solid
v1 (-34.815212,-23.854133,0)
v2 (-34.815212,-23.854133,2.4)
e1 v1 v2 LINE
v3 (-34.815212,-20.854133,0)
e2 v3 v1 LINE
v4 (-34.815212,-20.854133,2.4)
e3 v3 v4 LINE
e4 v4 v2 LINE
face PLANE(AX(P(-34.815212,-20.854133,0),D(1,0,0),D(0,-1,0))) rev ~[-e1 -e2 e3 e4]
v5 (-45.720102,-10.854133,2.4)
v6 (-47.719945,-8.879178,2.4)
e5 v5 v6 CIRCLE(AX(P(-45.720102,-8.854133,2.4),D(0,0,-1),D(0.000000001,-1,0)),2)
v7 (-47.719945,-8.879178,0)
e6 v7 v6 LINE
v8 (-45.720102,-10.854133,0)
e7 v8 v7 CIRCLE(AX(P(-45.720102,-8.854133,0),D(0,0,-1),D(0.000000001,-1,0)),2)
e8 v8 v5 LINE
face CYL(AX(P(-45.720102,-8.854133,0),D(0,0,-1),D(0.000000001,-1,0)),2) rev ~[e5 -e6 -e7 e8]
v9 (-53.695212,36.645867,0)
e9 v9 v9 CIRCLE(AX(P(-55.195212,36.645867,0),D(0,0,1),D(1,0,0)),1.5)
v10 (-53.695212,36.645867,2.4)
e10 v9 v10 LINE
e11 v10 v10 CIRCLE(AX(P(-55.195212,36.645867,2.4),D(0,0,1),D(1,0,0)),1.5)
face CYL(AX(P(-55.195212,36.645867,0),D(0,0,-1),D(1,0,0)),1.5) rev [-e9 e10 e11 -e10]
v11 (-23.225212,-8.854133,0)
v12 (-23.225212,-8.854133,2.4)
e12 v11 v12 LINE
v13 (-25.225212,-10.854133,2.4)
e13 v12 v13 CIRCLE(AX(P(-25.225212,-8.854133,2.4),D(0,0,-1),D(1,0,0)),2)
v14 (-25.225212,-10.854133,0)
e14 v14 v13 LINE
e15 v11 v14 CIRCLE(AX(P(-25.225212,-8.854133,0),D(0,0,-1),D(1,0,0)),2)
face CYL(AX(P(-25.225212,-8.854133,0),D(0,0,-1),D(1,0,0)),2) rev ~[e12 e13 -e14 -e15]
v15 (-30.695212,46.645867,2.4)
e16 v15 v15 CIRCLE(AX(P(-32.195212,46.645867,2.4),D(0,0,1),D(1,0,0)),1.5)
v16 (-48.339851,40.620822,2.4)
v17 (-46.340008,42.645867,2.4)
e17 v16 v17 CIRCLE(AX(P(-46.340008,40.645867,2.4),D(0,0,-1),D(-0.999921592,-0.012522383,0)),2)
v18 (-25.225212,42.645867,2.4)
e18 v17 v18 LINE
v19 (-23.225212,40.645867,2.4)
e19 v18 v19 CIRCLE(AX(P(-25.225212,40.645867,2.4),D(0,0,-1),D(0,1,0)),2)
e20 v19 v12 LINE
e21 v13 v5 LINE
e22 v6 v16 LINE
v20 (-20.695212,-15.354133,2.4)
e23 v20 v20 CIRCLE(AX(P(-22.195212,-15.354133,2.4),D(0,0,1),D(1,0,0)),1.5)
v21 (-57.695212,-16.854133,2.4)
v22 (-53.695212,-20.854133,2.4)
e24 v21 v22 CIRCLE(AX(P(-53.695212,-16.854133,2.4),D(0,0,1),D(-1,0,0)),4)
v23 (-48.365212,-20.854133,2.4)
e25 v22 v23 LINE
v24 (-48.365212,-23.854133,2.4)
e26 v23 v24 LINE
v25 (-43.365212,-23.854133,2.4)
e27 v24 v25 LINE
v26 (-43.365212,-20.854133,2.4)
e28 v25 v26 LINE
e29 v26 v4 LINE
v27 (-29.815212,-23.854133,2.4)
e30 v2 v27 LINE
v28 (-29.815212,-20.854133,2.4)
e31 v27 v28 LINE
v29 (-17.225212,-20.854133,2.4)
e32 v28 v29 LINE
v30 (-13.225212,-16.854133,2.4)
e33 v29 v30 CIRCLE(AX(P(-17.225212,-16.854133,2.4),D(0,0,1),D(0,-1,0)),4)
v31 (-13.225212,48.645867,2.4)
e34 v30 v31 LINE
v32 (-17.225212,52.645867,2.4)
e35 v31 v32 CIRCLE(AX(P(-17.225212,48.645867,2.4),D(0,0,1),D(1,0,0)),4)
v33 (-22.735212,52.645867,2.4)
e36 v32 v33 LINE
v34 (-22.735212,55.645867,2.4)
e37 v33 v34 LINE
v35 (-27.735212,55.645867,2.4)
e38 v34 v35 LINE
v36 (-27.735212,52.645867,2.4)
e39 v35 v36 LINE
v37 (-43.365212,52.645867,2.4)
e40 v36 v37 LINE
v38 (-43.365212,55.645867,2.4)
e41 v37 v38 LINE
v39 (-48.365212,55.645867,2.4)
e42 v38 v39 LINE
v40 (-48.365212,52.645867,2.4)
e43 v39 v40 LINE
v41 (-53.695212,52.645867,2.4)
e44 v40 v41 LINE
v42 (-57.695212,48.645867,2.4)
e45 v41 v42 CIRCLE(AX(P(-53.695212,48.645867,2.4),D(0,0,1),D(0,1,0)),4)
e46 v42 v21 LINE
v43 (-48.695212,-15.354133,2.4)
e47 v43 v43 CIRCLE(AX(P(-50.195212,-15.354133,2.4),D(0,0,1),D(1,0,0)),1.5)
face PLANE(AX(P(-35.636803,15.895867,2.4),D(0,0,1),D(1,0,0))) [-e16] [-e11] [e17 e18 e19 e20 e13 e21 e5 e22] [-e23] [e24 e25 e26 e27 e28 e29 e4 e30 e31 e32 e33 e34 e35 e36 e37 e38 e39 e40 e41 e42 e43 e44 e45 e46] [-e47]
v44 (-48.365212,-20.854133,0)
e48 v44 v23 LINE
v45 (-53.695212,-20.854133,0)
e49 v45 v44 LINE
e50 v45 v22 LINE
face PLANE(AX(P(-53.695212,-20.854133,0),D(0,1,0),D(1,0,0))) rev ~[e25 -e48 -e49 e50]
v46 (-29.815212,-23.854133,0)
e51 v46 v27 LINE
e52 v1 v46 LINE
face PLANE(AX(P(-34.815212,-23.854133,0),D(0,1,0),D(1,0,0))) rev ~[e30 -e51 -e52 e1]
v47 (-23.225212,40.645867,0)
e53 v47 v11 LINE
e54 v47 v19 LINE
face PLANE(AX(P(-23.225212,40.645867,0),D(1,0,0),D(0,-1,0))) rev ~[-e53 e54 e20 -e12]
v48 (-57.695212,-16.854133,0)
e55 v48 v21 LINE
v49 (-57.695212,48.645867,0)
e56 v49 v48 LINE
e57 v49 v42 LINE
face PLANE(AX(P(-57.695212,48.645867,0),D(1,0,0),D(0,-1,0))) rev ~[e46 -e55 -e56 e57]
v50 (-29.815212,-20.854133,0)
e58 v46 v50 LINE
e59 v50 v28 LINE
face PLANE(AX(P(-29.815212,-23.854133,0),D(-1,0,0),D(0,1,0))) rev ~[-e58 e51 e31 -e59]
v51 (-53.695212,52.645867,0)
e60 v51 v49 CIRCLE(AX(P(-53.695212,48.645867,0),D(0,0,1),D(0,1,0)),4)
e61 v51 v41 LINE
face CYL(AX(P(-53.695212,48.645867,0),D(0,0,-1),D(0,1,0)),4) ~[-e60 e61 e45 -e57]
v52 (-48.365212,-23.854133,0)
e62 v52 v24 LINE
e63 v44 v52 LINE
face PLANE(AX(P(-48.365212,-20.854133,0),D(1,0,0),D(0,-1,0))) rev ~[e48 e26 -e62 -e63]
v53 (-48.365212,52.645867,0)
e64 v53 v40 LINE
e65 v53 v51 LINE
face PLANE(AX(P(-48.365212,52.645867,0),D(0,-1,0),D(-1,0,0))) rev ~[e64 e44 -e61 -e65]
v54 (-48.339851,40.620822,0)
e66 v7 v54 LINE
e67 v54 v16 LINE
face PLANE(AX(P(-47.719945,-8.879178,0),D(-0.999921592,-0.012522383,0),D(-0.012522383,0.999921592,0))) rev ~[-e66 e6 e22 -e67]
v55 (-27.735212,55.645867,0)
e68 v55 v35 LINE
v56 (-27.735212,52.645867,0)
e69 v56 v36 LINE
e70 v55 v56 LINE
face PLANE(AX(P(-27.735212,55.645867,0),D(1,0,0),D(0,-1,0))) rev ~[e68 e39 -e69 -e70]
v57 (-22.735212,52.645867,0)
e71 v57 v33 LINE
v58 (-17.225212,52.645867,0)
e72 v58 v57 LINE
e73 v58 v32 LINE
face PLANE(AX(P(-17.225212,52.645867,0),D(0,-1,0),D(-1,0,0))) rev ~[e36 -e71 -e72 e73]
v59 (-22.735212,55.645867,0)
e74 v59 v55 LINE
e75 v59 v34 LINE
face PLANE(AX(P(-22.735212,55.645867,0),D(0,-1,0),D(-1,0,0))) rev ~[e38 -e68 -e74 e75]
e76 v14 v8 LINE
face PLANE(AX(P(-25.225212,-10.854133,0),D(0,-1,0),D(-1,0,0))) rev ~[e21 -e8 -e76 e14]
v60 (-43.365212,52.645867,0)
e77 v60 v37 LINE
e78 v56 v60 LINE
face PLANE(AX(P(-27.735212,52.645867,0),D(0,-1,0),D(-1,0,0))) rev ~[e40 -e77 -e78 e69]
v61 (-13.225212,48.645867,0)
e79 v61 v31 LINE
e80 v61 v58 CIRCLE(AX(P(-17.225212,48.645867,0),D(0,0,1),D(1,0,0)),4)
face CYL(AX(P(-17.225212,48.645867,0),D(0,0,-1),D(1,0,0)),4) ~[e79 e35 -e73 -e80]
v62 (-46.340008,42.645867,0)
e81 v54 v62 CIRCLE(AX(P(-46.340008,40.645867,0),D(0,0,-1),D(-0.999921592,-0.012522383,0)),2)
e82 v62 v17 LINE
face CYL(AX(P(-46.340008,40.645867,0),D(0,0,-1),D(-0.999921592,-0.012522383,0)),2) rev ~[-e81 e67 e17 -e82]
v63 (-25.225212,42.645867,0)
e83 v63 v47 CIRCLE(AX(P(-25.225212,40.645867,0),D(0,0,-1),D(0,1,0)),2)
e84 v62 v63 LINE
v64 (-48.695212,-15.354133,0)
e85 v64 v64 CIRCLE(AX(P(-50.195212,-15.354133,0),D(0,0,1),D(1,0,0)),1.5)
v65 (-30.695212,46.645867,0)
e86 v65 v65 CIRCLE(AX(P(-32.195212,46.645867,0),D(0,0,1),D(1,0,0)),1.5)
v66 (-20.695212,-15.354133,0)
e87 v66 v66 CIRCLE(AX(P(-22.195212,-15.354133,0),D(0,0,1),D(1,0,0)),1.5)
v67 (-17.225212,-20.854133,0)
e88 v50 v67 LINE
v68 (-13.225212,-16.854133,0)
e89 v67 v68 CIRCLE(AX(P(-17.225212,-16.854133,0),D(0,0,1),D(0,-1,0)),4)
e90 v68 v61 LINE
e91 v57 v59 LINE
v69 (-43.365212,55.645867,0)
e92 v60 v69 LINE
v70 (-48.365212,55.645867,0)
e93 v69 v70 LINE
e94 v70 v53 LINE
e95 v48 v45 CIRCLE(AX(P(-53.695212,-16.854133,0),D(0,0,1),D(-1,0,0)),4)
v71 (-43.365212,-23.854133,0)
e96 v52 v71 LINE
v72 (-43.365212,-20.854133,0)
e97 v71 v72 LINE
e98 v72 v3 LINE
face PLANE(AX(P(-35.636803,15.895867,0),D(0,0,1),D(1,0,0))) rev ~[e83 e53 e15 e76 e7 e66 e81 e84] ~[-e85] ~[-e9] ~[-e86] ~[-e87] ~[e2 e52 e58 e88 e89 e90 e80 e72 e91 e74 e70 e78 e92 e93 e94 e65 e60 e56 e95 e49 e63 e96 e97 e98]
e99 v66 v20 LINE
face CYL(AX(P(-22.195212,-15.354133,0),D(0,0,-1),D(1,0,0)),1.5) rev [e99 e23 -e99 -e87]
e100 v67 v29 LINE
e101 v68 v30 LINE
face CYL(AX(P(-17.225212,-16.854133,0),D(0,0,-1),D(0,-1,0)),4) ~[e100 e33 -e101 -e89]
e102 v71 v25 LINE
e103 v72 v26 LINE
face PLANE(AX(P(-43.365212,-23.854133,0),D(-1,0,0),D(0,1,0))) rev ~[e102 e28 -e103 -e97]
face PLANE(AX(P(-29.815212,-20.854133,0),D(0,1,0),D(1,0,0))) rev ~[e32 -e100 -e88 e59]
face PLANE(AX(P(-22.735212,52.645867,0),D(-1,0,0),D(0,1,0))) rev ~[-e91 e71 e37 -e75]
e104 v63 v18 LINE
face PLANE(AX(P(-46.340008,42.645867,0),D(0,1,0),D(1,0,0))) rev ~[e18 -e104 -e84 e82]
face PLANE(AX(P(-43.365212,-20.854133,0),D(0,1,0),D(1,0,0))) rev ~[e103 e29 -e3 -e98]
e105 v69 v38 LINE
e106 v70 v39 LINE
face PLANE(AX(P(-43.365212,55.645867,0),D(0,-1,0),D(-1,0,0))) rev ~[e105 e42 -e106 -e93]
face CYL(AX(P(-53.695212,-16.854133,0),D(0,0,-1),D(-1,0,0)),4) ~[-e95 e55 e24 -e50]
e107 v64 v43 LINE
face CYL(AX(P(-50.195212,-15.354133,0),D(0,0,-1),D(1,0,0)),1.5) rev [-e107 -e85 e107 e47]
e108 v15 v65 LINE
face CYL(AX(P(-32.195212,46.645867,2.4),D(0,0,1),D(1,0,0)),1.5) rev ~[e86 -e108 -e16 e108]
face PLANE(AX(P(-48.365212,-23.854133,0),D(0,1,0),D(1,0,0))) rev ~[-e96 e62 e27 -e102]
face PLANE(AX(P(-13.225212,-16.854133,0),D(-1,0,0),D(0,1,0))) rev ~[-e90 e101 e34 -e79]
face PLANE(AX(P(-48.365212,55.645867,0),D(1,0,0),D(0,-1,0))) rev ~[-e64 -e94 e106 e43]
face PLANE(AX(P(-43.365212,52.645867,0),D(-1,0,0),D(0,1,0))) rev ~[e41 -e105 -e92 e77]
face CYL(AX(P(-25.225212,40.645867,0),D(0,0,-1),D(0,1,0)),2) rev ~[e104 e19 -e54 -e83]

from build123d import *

# Parameters (mm, degrees)
CROQUIS1_R              = 1.5
SALIENTE_EXTRUIR1_DEPTH = 2.4
CORTAR_EXTRUIR1_REACH   = 82.193
CROQUIS2_R              = 1.5


with BuildPart() as part:
    # Croquis1 → Saliente-Extruir1 (new body)
    with BuildSketch(Plane.XY):
        with BuildLine():
            Line((-27.735211809, 52.645866632), (-43.365211809, 52.645866632))
            Line((-43.365211809, 52.645866632), (-43.365211809, 55.645866632))
            Line((-43.365211809, 55.645866632), (-48.365211809, 55.645866632))
            Line((-48.365211809, 55.645866632), (-48.365211809, 52.645866632))
            Line((-48.365211809, 52.645866632), (-53.695211809, 52.645866632))
            ThreePointArc((-53.695211809, 52.645866632), (-56.523638933, 51.474293757), (-57.695211809, 48.645866632))
            Line((-57.695211809, 48.645866632), (-57.695211809, -16.854133368))
            ThreePointArc((-57.695211809, -16.854133368), (-56.523638933, -19.682560493), (-53.695211809, -20.854133368))
            Line((-53.695211809, -20.854133368), (-48.365211809, -20.854133368))
            Line((-48.365211809, -20.854133368), (-48.365211809, -23.854133368))
            Line((-48.365211809, -23.854133368), (-43.365211809, -23.854133368))
            Line((-43.365211809, -23.854133368), (-43.365211809, -20.854133368))
            Line((-43.365211809, -20.854133368), (-34.815211809, -20.854133368))
            Line((-34.815211809, -20.854133368), (-34.815211809, -23.854133368))
            Line((-34.815211809, -23.854133368), (-29.815211809, -23.854133368))
            Line((-29.815211809, -23.854133368), (-29.815211809, -20.854133368))
            Line((-29.815211809, -20.854133368), (-17.225211809, -20.854133368))
            ThreePointArc((-17.225211809, -20.854133368), (-14.396784684, -19.682560493), (-13.225211809, -16.854133368))
            Line((-13.225211809, -16.854133368), (-13.225211809, 48.645866632))
            ThreePointArc((-13.225211809, 48.645866632), (-14.396784684, 51.474293757), (-17.225211809, 52.645866632))
            Line((-17.225211809, 52.645866632), (-22.735211809, 52.645866632))
            Line((-22.735211809, 52.645866632), (-22.735211809, 55.645866632))
            Line((-22.735211809, 55.645866632), (-27.735211809, 55.645866632))
            Line((-27.735211809, 55.645866632), (-27.735211809, 52.645866632))
        make_face()
        with Locations((-55.195211809, 36.645866632)):
            Circle(CROQUIS1_R, mode=Mode.SUBTRACT)
        with Locations((-50.195211809, -15.354133368)):
            Circle(CROQUIS1_R, mode=Mode.SUBTRACT)
        with Locations((-22.195211809, -15.354133368)):
            Circle(CROQUIS1_R, mode=Mode.SUBTRACT)
        with BuildLine():
            Line((-35.550211809, 42.645866632), (-25.225211809, 42.645866632))
            ThreePointArc((-25.225211809, 42.645866632), (-23.810998246, 42.060080194), (-23.225211809, 40.645866632))
            Line((-23.225211809, 40.645866632), (-23.225211809, -8.854133368))
            ThreePointArc((-23.225211809, -8.854133368), (-23.810998246, -10.26834693), (-25.225211809, -10.854133368))
            Line((-25.225211809, -10.854133368), (-45.720101709, -10.854133368))
            ThreePointArc((-45.720101709, -10.854133368), (-47.125432715, -10.277174044), (-47.719944893, -8.879178133))
            Line((-47.719944893, -8.879178133), (-48.339851435, 40.620821867))
            ThreePointArc((-48.339851435, 40.620821867), (-47.763048927, 42.051197638), (-46.340008251, 42.645866632))
            Line((-46.340008251, 42.645866632), (-35.550211809, 42.645866632))
        make_face(mode=Mode.SUBTRACT)
    extrude(amount=SALIENTE_EXTRUIR1_DEPTH)

    # Croquis2 → Cortar-Extruir1 (cut, up to next)
    with BuildSketch(Plane.XY.offset(2.4), mode=Mode.PRIVATE) as cortar_extruir1_sk1:
        with Locations((-32.195211809, 46.645866632)):
            Circle(CROQUIS2_R)
    cortar_extruir1_tool1 = extrude(cortar_extruir1_sk1.sketch, amount=-CORTAR_EXTRUIR1_REACH, mode=Mode.PRIVATE) & part.part
    add(cortar_extruir1_tool1.solids().sort_by_distance((-32.195212, 46.645867, 2.4))[0], mode=Mode.SUBTRACT)


solid = part.part
